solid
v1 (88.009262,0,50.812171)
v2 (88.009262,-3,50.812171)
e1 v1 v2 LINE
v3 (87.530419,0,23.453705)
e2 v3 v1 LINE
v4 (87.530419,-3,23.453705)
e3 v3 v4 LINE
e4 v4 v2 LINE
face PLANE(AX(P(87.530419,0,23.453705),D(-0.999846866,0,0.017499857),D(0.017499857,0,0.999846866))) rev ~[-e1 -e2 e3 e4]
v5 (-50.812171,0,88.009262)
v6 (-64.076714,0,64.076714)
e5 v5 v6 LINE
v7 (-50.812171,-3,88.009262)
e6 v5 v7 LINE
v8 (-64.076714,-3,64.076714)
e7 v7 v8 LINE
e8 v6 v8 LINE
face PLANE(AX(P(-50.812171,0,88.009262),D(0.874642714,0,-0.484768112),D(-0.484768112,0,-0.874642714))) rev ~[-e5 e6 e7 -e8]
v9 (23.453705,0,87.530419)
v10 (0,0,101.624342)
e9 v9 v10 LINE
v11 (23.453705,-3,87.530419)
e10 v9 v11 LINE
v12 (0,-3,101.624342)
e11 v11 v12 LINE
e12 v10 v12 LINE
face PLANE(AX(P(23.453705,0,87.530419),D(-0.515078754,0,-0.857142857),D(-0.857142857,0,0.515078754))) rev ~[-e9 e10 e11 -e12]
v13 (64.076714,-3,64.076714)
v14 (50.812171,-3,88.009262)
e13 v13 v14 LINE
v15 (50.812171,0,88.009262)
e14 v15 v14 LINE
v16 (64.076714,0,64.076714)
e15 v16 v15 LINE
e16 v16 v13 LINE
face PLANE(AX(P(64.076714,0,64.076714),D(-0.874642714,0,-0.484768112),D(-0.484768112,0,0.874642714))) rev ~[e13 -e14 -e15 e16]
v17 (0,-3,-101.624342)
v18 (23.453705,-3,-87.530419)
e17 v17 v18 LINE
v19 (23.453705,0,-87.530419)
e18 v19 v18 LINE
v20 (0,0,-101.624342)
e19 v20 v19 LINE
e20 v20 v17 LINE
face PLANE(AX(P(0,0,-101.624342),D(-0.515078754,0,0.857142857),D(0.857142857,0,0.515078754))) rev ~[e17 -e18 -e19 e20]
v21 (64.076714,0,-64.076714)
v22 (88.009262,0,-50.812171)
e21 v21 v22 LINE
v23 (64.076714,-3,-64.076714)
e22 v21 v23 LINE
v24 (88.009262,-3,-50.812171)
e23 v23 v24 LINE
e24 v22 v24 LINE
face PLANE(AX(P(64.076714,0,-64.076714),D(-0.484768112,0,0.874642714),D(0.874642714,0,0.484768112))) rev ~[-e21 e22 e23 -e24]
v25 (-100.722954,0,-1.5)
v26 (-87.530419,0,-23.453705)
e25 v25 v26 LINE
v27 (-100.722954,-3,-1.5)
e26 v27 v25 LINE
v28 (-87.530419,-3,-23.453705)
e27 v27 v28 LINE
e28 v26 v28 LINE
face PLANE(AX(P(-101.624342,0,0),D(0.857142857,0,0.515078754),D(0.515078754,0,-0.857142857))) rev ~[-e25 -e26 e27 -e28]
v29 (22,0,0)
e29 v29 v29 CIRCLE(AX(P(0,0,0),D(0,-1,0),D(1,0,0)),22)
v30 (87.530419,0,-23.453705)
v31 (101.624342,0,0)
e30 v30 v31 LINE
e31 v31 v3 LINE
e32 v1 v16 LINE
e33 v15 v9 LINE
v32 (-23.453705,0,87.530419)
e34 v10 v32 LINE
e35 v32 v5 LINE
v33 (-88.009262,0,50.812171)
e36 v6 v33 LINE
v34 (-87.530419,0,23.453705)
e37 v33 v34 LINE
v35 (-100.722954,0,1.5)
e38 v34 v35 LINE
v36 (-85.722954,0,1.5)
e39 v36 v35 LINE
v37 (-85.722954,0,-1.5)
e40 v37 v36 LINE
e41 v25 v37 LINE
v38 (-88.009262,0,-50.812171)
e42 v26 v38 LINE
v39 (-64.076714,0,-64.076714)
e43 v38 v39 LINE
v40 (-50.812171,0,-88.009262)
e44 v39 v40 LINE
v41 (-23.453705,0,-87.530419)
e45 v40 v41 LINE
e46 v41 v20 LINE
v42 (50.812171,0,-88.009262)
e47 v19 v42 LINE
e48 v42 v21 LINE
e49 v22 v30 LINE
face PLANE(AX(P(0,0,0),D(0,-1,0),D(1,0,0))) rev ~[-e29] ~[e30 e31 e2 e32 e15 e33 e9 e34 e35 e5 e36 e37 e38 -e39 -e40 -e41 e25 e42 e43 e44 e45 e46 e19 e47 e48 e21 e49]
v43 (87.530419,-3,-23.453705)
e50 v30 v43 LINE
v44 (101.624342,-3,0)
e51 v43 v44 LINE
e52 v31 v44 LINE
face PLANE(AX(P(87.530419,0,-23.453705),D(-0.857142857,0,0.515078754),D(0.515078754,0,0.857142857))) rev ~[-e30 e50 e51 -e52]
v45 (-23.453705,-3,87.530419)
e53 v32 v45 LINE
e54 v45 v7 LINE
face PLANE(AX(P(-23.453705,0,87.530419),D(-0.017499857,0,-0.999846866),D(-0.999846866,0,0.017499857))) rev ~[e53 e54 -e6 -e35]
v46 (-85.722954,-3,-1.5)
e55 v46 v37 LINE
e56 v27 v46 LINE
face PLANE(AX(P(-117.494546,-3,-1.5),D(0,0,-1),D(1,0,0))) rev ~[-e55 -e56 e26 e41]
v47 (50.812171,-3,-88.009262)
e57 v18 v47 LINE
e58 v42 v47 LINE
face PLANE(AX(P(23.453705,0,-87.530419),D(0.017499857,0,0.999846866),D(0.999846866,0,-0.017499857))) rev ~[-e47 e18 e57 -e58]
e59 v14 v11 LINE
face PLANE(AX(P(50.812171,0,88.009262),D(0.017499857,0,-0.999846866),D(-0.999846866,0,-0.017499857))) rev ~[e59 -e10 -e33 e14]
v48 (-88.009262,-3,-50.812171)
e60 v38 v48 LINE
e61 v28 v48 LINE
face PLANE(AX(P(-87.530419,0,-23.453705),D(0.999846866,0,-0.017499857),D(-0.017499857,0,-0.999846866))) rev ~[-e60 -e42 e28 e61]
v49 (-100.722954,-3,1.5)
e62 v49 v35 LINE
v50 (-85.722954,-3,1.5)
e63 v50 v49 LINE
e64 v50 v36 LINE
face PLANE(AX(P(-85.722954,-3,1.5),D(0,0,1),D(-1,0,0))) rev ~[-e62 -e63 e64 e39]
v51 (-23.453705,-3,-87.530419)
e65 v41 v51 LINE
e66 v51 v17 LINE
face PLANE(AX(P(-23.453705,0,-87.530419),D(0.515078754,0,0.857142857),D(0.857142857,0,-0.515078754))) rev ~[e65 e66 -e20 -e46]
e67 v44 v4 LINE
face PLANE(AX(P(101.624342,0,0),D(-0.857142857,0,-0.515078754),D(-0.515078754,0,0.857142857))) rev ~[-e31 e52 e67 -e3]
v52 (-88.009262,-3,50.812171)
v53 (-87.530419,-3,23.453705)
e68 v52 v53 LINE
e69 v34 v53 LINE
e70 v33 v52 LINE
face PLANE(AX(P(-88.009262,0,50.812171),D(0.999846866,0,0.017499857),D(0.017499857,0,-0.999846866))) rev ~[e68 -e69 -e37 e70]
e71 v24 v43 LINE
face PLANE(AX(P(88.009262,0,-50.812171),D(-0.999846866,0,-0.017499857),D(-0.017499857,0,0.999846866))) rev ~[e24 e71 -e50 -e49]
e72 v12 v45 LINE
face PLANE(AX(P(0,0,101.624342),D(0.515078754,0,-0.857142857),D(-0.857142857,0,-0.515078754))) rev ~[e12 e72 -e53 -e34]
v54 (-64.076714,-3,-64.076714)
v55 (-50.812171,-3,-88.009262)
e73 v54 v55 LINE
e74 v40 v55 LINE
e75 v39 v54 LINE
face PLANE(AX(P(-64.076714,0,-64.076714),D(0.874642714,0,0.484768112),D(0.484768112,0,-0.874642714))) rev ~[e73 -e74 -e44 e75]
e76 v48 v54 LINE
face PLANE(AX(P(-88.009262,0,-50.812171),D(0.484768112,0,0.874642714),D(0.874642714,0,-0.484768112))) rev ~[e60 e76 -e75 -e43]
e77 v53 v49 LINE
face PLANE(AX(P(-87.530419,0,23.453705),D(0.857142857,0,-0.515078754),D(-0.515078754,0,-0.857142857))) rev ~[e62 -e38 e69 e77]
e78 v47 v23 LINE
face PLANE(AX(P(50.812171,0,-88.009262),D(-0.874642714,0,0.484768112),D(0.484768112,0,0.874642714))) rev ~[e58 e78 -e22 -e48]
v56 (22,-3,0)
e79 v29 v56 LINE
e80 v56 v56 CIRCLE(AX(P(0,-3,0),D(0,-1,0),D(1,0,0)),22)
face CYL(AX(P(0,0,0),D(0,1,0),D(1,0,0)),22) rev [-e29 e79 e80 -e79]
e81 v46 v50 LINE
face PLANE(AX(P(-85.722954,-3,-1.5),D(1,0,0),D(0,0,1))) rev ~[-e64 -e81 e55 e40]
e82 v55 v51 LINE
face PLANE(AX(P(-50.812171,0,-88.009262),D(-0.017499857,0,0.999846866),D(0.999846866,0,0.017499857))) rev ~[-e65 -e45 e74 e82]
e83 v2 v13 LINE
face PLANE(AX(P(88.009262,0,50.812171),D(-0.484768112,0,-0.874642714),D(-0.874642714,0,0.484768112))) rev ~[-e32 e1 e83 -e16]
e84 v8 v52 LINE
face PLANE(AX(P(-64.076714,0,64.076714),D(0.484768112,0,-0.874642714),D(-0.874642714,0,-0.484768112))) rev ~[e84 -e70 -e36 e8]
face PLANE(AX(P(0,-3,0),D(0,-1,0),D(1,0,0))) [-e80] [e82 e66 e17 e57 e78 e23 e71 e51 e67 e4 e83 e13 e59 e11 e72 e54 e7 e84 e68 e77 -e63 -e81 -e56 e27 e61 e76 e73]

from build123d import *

# Parameters (mm, degrees)
F0_R     = 22
F1_DEPTH = 3
F2_DEPTH = 3
F4_DEPTH = 25


with BuildPart() as f1:
    # F0 (on Front) → F1 (new body)
    with BuildSketch(Plane.XZ):
        Polygon((0, 101.624342229), (-23.4537052032, 87.530419444), (-50.8121711145, 88.0092620132), (-64.0767142408, 64.0767142408), (-88.0092620132, 50.8121711145), (-87.530419444, 23.4537052032), (-101.624342229, 0), (-87.530419444, -23.4537052032), (-88.0092620132, -50.8121711145), (-64.0767142408, -64.0767142409), (-50.8121711145, -88.0092620132), (-23.4537052032, -87.530419444), (0, -101.624342229), (23.4537052032, -87.530419444), (50.8121711145, -88.0092620132), (64.0767142409, -64.0767142408), (88.0092620132, -50.8121711145), (87.530419444, -23.4537052032), (101.624342229, 0), (87.530419444, 23.4537052032), (88.0092620132, 50.8121711145), (64.0767142408, 64.0767142408), (50.8121711145, 88.0092620132), (23.4537052032, 87.530419444), align=None)
        Circle(F0_R, mode=Mode.SUBTRACT)
    extrude(amount=F1_DEPTH)

    # F0 (on Front) → F2 (join)
    with BuildSketch(Plane.XZ):
        Polygon((0, 101.624342229), (-23.4537052032, 87.530419444), (-50.8121711145, 88.0092620132), (-64.0767142408, 64.0767142408), (-88.0092620132, 50.8121711145), (-87.530419444, 23.4537052032), (-101.624342229, 0), (-87.530419444, -23.4537052032), (-88.0092620132, -50.8121711145), (-64.0767142408, -64.0767142409), (-50.8121711145, -88.0092620132), (-23.4537052032, -87.530419444), (0, -101.624342229), (23.4537052032, -87.530419444), (50.8121711145, -88.0092620132), (64.0767142409, -64.0767142408), (88.0092620132, -50.8121711145), (87.530419444, -23.4537052032), (101.624342229, 0), (87.530419444, 23.4537052032), (88.0092620132, 50.8121711145), (64.0767142408, 64.0767142408), (50.8121711145, 88.0092620132), (23.4537052032, 87.530419444), align=None)
        Circle(F0_R, mode=Mode.SUBTRACT)
    extrude(amount=F2_DEPTH)

    # F3 (on face) → F4 (cut)
    with BuildSketch(Plane.XZ.offset(3)):
        Polygon((-85.7229544101, -1.5), (-85.7229544101, 1.5), (-100.7229544101, 1.5), (-100.7229544101, 14.0027841553), (-117.494545877, 14.0027841553), (-117.494545877, -1.5), (-100.7229544101, -1.5), align=None)
    extrude(amount=-F4_DEPTH, mode=Mode.SUBTRACT)


solid = f1.part
